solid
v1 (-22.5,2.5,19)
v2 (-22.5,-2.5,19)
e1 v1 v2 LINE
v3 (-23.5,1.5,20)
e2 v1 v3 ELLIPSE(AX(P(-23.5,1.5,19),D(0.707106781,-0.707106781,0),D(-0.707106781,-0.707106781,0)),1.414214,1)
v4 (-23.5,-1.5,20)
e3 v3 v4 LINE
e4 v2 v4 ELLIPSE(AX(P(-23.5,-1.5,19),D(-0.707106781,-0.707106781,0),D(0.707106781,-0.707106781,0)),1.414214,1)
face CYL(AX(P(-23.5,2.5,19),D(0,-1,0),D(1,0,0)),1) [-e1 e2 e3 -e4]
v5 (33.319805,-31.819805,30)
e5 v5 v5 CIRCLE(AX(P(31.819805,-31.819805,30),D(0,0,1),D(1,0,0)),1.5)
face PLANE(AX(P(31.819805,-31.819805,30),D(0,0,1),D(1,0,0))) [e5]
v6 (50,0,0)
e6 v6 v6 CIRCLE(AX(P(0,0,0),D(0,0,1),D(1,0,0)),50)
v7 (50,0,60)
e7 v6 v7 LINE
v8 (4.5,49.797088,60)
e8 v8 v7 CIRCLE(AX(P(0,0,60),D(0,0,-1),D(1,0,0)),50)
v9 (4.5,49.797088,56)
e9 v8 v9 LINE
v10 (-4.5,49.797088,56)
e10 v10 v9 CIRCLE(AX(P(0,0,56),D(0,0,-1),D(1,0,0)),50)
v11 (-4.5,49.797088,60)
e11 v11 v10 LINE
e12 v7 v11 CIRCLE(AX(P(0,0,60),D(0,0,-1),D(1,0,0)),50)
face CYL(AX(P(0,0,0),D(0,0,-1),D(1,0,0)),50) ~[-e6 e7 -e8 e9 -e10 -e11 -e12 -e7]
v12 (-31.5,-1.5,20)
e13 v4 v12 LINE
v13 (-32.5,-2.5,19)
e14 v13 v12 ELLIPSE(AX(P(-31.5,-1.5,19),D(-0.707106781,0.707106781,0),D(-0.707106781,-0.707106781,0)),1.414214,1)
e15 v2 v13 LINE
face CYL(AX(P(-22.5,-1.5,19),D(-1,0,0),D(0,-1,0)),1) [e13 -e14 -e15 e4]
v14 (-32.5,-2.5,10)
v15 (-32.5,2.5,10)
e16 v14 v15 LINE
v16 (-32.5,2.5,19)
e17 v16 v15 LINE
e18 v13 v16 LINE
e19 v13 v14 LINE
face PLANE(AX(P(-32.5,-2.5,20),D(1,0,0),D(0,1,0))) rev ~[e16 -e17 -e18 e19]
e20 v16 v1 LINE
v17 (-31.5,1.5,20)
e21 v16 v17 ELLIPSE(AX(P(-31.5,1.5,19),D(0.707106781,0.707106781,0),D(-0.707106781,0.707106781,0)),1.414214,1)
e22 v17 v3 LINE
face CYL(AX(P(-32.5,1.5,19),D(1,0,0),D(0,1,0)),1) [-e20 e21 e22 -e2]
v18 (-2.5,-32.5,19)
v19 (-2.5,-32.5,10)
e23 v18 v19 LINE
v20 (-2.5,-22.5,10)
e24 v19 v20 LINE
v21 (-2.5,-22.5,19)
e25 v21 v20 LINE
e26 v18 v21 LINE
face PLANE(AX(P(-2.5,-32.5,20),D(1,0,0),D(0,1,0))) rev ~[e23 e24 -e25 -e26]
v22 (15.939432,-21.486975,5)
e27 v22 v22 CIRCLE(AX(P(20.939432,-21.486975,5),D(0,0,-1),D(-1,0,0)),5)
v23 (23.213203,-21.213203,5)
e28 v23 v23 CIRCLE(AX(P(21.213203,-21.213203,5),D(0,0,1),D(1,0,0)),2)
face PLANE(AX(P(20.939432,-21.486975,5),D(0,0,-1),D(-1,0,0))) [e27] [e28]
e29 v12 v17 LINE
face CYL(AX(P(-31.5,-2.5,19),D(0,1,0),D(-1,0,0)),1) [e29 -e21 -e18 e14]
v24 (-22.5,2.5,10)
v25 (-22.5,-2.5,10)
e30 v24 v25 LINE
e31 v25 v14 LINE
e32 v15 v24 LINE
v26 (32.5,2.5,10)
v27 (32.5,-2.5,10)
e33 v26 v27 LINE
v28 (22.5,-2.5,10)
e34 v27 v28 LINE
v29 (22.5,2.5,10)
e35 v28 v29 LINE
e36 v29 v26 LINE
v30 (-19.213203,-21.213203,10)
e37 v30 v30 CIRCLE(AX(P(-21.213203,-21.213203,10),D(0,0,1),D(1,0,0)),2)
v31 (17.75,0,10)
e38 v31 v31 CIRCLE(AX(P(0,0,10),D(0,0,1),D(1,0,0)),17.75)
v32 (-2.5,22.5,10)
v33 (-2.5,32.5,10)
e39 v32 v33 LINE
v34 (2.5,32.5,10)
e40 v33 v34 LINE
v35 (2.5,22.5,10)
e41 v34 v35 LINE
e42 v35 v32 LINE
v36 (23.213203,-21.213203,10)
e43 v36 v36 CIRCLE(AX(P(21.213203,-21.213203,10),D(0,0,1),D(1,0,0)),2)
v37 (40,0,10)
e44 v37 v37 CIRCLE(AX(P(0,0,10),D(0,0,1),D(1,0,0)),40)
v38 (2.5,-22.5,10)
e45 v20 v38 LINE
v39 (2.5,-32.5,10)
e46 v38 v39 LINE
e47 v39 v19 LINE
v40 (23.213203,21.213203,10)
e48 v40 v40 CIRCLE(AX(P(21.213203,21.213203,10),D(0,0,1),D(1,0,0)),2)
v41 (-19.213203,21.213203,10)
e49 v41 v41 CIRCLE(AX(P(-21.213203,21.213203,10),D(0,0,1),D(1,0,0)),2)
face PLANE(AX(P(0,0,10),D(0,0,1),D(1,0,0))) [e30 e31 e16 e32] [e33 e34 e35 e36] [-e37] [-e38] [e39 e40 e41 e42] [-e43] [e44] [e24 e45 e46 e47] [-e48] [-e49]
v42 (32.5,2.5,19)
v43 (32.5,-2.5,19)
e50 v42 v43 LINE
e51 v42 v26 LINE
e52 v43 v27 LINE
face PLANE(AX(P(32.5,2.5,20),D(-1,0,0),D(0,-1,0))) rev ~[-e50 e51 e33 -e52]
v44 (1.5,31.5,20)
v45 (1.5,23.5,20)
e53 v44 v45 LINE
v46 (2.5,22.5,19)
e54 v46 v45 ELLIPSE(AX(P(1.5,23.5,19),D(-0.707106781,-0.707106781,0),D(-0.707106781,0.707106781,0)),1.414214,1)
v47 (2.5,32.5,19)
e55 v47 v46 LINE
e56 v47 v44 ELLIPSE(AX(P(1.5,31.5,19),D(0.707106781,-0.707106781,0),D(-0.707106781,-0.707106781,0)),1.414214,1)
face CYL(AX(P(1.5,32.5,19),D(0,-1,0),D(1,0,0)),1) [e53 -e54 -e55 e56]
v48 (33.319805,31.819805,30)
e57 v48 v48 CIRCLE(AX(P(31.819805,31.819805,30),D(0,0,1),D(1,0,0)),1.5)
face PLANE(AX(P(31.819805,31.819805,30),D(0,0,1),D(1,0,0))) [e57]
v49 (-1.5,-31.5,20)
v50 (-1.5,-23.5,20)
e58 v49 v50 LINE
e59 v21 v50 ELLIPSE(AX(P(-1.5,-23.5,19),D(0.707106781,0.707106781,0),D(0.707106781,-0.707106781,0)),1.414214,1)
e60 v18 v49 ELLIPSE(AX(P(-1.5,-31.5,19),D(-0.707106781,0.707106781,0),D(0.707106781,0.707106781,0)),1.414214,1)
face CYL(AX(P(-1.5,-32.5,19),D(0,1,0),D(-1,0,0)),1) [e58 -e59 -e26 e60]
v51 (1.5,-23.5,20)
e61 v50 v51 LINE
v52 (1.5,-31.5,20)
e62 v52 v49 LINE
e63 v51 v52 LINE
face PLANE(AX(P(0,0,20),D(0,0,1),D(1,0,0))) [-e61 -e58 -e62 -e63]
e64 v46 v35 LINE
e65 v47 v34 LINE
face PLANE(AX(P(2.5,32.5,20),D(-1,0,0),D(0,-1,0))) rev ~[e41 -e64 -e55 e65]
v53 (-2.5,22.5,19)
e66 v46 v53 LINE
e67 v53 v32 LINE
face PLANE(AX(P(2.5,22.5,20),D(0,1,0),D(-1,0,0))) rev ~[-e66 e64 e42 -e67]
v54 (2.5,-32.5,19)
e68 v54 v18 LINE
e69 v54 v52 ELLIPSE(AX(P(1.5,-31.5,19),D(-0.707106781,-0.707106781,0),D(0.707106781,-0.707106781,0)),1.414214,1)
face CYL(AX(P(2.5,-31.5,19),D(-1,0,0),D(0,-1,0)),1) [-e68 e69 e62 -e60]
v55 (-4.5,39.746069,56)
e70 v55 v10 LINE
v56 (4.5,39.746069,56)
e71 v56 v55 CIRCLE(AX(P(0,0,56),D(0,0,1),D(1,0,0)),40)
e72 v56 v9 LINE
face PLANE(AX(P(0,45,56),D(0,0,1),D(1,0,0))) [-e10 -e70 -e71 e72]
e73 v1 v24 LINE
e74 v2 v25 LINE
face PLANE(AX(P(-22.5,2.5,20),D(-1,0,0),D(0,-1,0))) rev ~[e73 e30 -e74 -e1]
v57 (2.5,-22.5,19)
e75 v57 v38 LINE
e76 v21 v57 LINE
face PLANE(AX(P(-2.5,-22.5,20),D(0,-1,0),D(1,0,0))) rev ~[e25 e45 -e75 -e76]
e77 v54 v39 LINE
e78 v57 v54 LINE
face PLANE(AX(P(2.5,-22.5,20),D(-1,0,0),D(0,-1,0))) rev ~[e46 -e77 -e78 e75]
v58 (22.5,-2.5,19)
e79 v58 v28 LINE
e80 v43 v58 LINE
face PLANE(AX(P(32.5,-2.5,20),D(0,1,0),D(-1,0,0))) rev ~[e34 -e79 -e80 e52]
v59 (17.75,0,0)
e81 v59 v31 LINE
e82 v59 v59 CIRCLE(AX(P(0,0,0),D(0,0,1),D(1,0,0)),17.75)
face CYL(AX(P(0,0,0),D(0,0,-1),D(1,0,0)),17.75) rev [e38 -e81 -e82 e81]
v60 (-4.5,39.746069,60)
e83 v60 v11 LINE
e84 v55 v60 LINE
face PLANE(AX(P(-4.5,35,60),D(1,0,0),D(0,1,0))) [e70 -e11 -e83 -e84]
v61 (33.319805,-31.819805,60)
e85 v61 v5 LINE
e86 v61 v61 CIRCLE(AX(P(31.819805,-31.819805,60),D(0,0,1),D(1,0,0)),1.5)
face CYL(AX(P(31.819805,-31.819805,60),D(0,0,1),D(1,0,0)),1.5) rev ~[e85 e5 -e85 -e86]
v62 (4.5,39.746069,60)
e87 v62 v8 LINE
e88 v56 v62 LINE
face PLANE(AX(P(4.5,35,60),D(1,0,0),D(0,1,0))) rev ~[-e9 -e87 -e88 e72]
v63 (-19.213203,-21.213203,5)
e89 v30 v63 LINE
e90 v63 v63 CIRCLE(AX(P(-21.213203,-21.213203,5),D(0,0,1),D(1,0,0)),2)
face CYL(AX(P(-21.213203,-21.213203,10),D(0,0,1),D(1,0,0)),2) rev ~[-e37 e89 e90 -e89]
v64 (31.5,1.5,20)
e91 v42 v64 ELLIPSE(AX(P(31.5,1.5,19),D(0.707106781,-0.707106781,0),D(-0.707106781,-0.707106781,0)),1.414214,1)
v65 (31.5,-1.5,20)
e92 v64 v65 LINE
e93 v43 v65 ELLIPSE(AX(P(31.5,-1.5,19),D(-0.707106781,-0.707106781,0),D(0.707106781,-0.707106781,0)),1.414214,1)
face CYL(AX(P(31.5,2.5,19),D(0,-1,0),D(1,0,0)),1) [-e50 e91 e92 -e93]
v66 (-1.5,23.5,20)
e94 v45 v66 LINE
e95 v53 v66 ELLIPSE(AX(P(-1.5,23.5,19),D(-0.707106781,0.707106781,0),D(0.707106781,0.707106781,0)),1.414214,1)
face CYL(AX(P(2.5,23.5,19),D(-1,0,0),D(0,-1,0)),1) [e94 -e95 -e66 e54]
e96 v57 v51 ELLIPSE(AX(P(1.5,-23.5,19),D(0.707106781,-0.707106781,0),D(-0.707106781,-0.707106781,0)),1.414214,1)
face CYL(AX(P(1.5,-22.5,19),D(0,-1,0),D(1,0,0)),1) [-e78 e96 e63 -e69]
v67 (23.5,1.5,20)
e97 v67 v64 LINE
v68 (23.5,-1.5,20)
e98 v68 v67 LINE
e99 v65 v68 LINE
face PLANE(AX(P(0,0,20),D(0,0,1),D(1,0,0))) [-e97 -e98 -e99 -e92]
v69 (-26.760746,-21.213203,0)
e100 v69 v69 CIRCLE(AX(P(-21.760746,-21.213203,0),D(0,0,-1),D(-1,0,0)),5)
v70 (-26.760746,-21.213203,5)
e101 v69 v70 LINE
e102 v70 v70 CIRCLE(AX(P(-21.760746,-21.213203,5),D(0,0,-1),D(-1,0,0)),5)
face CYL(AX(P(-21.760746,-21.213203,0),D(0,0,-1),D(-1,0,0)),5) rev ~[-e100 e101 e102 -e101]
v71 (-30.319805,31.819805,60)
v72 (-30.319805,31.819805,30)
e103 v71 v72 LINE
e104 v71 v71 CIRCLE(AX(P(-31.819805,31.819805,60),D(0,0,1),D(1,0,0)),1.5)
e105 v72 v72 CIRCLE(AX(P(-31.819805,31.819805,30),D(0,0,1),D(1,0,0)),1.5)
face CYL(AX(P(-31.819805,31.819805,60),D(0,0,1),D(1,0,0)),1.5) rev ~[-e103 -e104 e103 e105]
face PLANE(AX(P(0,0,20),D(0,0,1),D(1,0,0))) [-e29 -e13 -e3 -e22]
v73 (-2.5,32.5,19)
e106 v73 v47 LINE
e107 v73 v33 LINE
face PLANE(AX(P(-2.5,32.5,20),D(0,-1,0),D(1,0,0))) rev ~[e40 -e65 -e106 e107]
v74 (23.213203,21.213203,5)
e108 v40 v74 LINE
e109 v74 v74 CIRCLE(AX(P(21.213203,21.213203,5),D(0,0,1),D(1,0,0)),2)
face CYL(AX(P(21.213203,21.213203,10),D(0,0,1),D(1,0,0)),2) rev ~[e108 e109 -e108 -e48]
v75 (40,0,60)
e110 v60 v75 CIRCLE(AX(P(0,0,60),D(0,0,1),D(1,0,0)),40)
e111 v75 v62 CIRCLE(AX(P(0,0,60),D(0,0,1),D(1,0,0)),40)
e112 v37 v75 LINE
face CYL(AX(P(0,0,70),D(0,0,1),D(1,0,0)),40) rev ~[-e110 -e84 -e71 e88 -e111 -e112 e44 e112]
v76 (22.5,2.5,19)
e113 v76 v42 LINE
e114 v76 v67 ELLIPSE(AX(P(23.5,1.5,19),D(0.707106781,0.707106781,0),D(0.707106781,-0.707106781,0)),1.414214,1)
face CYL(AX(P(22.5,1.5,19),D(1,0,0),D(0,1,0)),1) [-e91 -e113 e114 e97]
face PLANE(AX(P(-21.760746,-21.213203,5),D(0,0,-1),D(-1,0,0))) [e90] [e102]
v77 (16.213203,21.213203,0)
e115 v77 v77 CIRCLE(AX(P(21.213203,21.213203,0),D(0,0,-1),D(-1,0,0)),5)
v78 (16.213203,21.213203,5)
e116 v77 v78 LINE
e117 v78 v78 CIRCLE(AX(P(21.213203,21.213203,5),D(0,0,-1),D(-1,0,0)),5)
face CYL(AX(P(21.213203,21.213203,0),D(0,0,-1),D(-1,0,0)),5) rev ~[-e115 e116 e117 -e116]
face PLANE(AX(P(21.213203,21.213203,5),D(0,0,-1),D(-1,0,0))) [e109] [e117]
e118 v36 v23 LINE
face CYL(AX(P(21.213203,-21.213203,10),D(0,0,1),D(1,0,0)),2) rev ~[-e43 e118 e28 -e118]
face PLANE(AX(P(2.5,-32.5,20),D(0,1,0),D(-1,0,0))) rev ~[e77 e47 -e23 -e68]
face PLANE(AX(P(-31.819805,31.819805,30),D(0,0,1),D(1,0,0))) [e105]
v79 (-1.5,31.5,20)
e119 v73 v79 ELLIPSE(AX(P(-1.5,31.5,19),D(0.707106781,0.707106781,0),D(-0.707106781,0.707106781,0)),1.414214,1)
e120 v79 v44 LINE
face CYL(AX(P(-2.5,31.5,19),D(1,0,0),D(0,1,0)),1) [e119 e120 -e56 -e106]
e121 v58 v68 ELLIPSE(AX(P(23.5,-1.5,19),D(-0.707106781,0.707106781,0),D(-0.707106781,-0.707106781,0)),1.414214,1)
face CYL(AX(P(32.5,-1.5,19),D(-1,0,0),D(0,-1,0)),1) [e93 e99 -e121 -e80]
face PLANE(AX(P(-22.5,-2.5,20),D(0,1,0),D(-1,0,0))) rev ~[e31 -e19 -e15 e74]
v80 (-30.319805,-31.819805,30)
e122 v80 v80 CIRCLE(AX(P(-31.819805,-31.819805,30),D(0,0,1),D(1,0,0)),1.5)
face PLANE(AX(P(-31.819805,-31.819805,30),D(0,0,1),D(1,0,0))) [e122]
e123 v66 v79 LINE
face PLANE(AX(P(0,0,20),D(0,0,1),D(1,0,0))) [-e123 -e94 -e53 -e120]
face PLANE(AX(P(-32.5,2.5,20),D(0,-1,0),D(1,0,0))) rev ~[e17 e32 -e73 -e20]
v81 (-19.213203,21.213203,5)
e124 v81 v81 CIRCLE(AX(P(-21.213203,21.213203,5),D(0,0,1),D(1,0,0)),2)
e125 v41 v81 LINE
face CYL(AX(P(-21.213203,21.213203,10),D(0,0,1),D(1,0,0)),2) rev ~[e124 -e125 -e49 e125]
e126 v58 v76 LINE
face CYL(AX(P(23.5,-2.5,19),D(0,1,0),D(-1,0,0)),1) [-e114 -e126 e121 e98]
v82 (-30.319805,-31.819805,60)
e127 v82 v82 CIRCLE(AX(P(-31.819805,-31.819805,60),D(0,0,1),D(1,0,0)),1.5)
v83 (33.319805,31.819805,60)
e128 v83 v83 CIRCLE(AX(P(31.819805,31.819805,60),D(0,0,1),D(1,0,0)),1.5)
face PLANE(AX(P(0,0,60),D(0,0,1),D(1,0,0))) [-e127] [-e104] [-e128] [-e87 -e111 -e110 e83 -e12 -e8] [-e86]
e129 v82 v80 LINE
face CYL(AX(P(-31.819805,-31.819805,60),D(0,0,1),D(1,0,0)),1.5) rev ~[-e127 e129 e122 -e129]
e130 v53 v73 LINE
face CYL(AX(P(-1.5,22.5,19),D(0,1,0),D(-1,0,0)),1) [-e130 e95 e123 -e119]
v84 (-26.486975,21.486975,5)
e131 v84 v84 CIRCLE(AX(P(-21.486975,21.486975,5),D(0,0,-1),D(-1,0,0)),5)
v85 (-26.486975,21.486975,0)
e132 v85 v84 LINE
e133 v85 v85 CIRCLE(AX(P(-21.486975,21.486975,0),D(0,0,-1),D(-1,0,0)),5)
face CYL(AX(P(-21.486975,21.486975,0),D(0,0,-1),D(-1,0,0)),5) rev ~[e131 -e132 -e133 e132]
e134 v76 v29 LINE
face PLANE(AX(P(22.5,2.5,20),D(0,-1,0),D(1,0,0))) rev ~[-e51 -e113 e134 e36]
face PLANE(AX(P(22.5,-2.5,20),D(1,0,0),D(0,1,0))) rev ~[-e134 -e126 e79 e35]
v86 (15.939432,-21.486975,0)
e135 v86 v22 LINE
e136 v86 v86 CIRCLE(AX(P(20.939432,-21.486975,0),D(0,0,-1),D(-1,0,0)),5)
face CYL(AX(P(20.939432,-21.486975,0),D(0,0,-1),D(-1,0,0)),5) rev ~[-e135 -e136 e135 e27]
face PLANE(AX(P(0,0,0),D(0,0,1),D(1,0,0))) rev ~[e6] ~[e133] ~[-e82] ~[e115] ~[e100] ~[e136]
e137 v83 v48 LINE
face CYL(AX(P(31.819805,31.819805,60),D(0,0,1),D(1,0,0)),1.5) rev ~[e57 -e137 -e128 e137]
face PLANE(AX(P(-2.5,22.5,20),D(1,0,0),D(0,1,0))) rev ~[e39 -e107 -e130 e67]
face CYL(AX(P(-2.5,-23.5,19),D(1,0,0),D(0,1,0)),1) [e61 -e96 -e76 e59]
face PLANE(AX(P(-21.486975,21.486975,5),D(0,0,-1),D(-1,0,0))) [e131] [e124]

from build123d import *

# Parameters (mm, degrees)
CROQUIS1_R              = 50
CROQUIS1_R_2            = 17.75
SALIENTE_EXTRUIR1_DEPTH = 70
CROQUIS2_R              = 40
CORTAR_EXTRUIR1_DEPTH   = 50
CROQUIS4_R              = 40
CROQUIS4_R_2            = 17.75
CORTAR_EXTRUIR3_DEPTH   = 10
CROQUIS5_R              = 2
CORTAR_EXTRUIR4_DEPTH   = 11
CROQUIS6_R              = 5
CORTAR_EXTRUIR5_DEPTH   = 5
REDONDEO2_R             = 1
CORTAR_EXTRUIR7_START   = -10
CROQUIS8_W              = 9
CROQUIS8_H              = 20
CORTAR_EXTRUIR7_DEPTH   = 4
CROQUIS9_R              = 52.339140615
CORTAR_EXTRUIR8_DEPTH   = 10
CROQUIS10_R             = 1.5
CORTAR_EXTRUIR9_DEPTH   = 30


with BuildPart() as part:
    # Croquis1 → Saliente-Extruir1 (new body)
    with BuildSketch(Plane.XY):
        Circle(CROQUIS1_R)
        Circle(CROQUIS1_R_2, mode=Mode.SUBTRACT)
    extrude(amount=SALIENTE_EXTRUIR1_DEPTH)

    # Croquis2 → Cortar-Extruir1 (cut)
    with BuildSketch(Plane.XY.offset(70)):
        Circle(CROQUIS2_R)
    extrude(amount=-CORTAR_EXTRUIR1_DEPTH, mode=Mode.SUBTRACT)

    # Croquis4 → Cortar-Extruir3 (cut)
    with BuildSketch(Plane.XY.offset(20)):
        Circle(CROQUIS4_R)
        with BuildLine():
            Line((-2.5, 27.386127875), (-2.5, 32.5))
            Line((-2.5, 32.5), (2.5, 32.5))
            Line((2.5, 32.5), (2.5, 27.386127875))
            ThreePointArc((2.5, 27.386127875), (19.445436483, 19.445436483), (27.386127875, 2.5))
            Line((27.386127875, 2.5), (32.5, 2.5))
            Line((32.5, 2.5), (32.5, -2.5))
            Line((32.5, -2.5), (27.386127875, -2.5))
            ThreePointArc((27.386127875, -2.5), (19.445436483, -19.445436483), (2.5, -27.386127875))
            Line((2.5, -27.386127875), (2.5, -32.5))
            Line((2.5, -32.5), (-2.5, -32.5))
            Line((-2.5, -32.5), (-2.5, -27.386127875))
            ThreePointArc((-2.5, -27.386127875), (-19.445436483, -19.445436483), (-27.386127875, -2.5))
            Line((-27.386127875, -2.5), (-32.5, -2.5))
            Line((-32.5, -2.5), (-32.5, 2.5))
            Line((-32.5, 2.5), (-27.386127875, 2.5))
            ThreePointArc((-27.386127875, 2.5), (-19.445436483, 19.445436483), (-2.5, 27.386127875))
        make_face(mode=Mode.SUBTRACT)
        with BuildLine():
            Line((-2.5, 22.5), (-2.5, 27.386127875))
            ThreePointArc((-2.5, 27.386127875), (-19.445436483, 19.445436483), (-27.386127875, 2.5))
            Line((-27.386127875, 2.5), (-22.5, 2.5))
            Line((-22.5, 2.5), (-22.5, -2.5))
            Line((-22.5, -2.5), (-27.386127875, -2.5))
            ThreePointArc((-27.386127875, -2.5), (-19.445436483, -19.445436483), (-2.5, -27.386127875))
            Line((-2.5, -27.386127875), (-2.5, -22.5))
            Line((-2.5, -22.5), (2.5, -22.5))
            Line((2.5, -22.5), (2.5, -27.386127875))
            ThreePointArc((2.5, -27.386127875), (19.445436483, -19.445436483), (27.386127875, -2.5))
            Line((27.386127875, -2.5), (22.5, -2.5))
            Line((22.5, -2.5), (22.5, 2.5))
            Line((22.5, 2.5), (27.386127875, 2.5))
            ThreePointArc((27.386127875, 2.5), (19.445436483, 19.445436483), (2.5, 27.386127875))
            Line((2.5, 27.386127875), (2.5, 22.5))
            Line((2.5, 22.5), (-2.5, 22.5))
        make_face()
        Circle(CROQUIS4_R_2, mode=Mode.SUBTRACT)
    extrude(amount=-CORTAR_EXTRUIR3_DEPTH, mode=Mode.SUBTRACT)

    # Croquis5 → Cortar-Extruir4 (cut, through all)
    with BuildSketch(Plane.XY.offset(10)):
        with Locations((21.213203436, 21.213203436)):
            Circle(CROQUIS5_R)
        with Locations((21.213203436, -21.213203436)):
            Circle(CROQUIS5_R)
        with Locations((-21.213203436, -21.213203436)):
            Circle(CROQUIS5_R)
        with Locations((-21.213203436, 21.213203436)):
            Circle(CROQUIS5_R)
    extrude(amount=-CORTAR_EXTRUIR4_DEPTH, mode=Mode.SUBTRACT)

    # Croquis6 → Cortar-Extruir5 (cut)
    with BuildSketch(Plane(origin=(0, 0, 0), x_dir=(-1, 0, 0), z_dir=(0, 0, -1))):
        with Locations((-21.213203436, 21.213203436)):
            Circle(CROQUIS6_R)
        with Locations((21.486974797, 21.486974797)):
            Circle(CROQUIS6_R)
        with Locations((21.760746158, -21.213203436)):
            Circle(CROQUIS6_R)
        with Locations((-20.939432074, -21.486974797)):
            Circle(CROQUIS6_R)
    extrude(amount=-CORTAR_EXTRUIR5_DEPTH, mode=Mode.SUBTRACT)

    # Redondeo2
    redondeo2_edges = [part.edges().sort_by_distance(p)[0] for p in [
        (-40, 0, 70),
        (-22.5, 0, 20),
        (2.5, -27.5, 20),
        (32.5, 0, 20),
        (27.5, 2.5, 20),
        (-2.5, 27.5, 20),
        (-27.5, -2.5, 20),
        (0, -22.5, 20),
        (0, 22.5, 20),
        (2.5, 27.5, 20),
        (0, 32.5, 20),
        (27.5, -2.5, 20),
        (22.5, 0, 20),
        (-2.5, -27.5, 20),
        (0, -32.5, 20),
        (-32.5, 0, 20),
        (-27.5, 2.5, 20),
        (-50, 0, 70),
    ]]
    fillet(redondeo2_edges, radius=REDONDEO2_R)

    # Croquis8 → Cortar-Extruir7 (cut)
    with BuildSketch(Plane.XY.offset(70).offset(CORTAR_EXTRUIR7_START)):
        with Locations((0, 45)):
            Rectangle(CROQUIS8_W, CROQUIS8_H)
    extrude(amount=-CORTAR_EXTRUIR7_DEPTH, mode=Mode.SUBTRACT)

    # Croquis9 → Cortar-Extruir8 (cut)
    with BuildSketch(Plane.XY.offset(70)):
        Circle(CROQUIS9_R)
    extrude(amount=-CORTAR_EXTRUIR8_DEPTH, mode=Mode.SUBTRACT)

    # Croquis10 → Cortar-Extruir9 (cut)
    with BuildSketch(Plane.XY.offset(60)):
        with Locations((31.819805153, 31.819805153)):
            Circle(CROQUIS10_R)
        with Locations((31.819805153, -31.819805153)):
            Circle(CROQUIS10_R)
        with Locations((-31.819805153, -31.819805153)):
            Circle(CROQUIS10_R)
        with Locations((-31.819805153, 31.819805153)):
            Circle(CROQUIS10_R)
    extrude(amount=-CORTAR_EXTRUIR9_DEPTH, mode=Mode.SUBTRACT)


solid = part.part
